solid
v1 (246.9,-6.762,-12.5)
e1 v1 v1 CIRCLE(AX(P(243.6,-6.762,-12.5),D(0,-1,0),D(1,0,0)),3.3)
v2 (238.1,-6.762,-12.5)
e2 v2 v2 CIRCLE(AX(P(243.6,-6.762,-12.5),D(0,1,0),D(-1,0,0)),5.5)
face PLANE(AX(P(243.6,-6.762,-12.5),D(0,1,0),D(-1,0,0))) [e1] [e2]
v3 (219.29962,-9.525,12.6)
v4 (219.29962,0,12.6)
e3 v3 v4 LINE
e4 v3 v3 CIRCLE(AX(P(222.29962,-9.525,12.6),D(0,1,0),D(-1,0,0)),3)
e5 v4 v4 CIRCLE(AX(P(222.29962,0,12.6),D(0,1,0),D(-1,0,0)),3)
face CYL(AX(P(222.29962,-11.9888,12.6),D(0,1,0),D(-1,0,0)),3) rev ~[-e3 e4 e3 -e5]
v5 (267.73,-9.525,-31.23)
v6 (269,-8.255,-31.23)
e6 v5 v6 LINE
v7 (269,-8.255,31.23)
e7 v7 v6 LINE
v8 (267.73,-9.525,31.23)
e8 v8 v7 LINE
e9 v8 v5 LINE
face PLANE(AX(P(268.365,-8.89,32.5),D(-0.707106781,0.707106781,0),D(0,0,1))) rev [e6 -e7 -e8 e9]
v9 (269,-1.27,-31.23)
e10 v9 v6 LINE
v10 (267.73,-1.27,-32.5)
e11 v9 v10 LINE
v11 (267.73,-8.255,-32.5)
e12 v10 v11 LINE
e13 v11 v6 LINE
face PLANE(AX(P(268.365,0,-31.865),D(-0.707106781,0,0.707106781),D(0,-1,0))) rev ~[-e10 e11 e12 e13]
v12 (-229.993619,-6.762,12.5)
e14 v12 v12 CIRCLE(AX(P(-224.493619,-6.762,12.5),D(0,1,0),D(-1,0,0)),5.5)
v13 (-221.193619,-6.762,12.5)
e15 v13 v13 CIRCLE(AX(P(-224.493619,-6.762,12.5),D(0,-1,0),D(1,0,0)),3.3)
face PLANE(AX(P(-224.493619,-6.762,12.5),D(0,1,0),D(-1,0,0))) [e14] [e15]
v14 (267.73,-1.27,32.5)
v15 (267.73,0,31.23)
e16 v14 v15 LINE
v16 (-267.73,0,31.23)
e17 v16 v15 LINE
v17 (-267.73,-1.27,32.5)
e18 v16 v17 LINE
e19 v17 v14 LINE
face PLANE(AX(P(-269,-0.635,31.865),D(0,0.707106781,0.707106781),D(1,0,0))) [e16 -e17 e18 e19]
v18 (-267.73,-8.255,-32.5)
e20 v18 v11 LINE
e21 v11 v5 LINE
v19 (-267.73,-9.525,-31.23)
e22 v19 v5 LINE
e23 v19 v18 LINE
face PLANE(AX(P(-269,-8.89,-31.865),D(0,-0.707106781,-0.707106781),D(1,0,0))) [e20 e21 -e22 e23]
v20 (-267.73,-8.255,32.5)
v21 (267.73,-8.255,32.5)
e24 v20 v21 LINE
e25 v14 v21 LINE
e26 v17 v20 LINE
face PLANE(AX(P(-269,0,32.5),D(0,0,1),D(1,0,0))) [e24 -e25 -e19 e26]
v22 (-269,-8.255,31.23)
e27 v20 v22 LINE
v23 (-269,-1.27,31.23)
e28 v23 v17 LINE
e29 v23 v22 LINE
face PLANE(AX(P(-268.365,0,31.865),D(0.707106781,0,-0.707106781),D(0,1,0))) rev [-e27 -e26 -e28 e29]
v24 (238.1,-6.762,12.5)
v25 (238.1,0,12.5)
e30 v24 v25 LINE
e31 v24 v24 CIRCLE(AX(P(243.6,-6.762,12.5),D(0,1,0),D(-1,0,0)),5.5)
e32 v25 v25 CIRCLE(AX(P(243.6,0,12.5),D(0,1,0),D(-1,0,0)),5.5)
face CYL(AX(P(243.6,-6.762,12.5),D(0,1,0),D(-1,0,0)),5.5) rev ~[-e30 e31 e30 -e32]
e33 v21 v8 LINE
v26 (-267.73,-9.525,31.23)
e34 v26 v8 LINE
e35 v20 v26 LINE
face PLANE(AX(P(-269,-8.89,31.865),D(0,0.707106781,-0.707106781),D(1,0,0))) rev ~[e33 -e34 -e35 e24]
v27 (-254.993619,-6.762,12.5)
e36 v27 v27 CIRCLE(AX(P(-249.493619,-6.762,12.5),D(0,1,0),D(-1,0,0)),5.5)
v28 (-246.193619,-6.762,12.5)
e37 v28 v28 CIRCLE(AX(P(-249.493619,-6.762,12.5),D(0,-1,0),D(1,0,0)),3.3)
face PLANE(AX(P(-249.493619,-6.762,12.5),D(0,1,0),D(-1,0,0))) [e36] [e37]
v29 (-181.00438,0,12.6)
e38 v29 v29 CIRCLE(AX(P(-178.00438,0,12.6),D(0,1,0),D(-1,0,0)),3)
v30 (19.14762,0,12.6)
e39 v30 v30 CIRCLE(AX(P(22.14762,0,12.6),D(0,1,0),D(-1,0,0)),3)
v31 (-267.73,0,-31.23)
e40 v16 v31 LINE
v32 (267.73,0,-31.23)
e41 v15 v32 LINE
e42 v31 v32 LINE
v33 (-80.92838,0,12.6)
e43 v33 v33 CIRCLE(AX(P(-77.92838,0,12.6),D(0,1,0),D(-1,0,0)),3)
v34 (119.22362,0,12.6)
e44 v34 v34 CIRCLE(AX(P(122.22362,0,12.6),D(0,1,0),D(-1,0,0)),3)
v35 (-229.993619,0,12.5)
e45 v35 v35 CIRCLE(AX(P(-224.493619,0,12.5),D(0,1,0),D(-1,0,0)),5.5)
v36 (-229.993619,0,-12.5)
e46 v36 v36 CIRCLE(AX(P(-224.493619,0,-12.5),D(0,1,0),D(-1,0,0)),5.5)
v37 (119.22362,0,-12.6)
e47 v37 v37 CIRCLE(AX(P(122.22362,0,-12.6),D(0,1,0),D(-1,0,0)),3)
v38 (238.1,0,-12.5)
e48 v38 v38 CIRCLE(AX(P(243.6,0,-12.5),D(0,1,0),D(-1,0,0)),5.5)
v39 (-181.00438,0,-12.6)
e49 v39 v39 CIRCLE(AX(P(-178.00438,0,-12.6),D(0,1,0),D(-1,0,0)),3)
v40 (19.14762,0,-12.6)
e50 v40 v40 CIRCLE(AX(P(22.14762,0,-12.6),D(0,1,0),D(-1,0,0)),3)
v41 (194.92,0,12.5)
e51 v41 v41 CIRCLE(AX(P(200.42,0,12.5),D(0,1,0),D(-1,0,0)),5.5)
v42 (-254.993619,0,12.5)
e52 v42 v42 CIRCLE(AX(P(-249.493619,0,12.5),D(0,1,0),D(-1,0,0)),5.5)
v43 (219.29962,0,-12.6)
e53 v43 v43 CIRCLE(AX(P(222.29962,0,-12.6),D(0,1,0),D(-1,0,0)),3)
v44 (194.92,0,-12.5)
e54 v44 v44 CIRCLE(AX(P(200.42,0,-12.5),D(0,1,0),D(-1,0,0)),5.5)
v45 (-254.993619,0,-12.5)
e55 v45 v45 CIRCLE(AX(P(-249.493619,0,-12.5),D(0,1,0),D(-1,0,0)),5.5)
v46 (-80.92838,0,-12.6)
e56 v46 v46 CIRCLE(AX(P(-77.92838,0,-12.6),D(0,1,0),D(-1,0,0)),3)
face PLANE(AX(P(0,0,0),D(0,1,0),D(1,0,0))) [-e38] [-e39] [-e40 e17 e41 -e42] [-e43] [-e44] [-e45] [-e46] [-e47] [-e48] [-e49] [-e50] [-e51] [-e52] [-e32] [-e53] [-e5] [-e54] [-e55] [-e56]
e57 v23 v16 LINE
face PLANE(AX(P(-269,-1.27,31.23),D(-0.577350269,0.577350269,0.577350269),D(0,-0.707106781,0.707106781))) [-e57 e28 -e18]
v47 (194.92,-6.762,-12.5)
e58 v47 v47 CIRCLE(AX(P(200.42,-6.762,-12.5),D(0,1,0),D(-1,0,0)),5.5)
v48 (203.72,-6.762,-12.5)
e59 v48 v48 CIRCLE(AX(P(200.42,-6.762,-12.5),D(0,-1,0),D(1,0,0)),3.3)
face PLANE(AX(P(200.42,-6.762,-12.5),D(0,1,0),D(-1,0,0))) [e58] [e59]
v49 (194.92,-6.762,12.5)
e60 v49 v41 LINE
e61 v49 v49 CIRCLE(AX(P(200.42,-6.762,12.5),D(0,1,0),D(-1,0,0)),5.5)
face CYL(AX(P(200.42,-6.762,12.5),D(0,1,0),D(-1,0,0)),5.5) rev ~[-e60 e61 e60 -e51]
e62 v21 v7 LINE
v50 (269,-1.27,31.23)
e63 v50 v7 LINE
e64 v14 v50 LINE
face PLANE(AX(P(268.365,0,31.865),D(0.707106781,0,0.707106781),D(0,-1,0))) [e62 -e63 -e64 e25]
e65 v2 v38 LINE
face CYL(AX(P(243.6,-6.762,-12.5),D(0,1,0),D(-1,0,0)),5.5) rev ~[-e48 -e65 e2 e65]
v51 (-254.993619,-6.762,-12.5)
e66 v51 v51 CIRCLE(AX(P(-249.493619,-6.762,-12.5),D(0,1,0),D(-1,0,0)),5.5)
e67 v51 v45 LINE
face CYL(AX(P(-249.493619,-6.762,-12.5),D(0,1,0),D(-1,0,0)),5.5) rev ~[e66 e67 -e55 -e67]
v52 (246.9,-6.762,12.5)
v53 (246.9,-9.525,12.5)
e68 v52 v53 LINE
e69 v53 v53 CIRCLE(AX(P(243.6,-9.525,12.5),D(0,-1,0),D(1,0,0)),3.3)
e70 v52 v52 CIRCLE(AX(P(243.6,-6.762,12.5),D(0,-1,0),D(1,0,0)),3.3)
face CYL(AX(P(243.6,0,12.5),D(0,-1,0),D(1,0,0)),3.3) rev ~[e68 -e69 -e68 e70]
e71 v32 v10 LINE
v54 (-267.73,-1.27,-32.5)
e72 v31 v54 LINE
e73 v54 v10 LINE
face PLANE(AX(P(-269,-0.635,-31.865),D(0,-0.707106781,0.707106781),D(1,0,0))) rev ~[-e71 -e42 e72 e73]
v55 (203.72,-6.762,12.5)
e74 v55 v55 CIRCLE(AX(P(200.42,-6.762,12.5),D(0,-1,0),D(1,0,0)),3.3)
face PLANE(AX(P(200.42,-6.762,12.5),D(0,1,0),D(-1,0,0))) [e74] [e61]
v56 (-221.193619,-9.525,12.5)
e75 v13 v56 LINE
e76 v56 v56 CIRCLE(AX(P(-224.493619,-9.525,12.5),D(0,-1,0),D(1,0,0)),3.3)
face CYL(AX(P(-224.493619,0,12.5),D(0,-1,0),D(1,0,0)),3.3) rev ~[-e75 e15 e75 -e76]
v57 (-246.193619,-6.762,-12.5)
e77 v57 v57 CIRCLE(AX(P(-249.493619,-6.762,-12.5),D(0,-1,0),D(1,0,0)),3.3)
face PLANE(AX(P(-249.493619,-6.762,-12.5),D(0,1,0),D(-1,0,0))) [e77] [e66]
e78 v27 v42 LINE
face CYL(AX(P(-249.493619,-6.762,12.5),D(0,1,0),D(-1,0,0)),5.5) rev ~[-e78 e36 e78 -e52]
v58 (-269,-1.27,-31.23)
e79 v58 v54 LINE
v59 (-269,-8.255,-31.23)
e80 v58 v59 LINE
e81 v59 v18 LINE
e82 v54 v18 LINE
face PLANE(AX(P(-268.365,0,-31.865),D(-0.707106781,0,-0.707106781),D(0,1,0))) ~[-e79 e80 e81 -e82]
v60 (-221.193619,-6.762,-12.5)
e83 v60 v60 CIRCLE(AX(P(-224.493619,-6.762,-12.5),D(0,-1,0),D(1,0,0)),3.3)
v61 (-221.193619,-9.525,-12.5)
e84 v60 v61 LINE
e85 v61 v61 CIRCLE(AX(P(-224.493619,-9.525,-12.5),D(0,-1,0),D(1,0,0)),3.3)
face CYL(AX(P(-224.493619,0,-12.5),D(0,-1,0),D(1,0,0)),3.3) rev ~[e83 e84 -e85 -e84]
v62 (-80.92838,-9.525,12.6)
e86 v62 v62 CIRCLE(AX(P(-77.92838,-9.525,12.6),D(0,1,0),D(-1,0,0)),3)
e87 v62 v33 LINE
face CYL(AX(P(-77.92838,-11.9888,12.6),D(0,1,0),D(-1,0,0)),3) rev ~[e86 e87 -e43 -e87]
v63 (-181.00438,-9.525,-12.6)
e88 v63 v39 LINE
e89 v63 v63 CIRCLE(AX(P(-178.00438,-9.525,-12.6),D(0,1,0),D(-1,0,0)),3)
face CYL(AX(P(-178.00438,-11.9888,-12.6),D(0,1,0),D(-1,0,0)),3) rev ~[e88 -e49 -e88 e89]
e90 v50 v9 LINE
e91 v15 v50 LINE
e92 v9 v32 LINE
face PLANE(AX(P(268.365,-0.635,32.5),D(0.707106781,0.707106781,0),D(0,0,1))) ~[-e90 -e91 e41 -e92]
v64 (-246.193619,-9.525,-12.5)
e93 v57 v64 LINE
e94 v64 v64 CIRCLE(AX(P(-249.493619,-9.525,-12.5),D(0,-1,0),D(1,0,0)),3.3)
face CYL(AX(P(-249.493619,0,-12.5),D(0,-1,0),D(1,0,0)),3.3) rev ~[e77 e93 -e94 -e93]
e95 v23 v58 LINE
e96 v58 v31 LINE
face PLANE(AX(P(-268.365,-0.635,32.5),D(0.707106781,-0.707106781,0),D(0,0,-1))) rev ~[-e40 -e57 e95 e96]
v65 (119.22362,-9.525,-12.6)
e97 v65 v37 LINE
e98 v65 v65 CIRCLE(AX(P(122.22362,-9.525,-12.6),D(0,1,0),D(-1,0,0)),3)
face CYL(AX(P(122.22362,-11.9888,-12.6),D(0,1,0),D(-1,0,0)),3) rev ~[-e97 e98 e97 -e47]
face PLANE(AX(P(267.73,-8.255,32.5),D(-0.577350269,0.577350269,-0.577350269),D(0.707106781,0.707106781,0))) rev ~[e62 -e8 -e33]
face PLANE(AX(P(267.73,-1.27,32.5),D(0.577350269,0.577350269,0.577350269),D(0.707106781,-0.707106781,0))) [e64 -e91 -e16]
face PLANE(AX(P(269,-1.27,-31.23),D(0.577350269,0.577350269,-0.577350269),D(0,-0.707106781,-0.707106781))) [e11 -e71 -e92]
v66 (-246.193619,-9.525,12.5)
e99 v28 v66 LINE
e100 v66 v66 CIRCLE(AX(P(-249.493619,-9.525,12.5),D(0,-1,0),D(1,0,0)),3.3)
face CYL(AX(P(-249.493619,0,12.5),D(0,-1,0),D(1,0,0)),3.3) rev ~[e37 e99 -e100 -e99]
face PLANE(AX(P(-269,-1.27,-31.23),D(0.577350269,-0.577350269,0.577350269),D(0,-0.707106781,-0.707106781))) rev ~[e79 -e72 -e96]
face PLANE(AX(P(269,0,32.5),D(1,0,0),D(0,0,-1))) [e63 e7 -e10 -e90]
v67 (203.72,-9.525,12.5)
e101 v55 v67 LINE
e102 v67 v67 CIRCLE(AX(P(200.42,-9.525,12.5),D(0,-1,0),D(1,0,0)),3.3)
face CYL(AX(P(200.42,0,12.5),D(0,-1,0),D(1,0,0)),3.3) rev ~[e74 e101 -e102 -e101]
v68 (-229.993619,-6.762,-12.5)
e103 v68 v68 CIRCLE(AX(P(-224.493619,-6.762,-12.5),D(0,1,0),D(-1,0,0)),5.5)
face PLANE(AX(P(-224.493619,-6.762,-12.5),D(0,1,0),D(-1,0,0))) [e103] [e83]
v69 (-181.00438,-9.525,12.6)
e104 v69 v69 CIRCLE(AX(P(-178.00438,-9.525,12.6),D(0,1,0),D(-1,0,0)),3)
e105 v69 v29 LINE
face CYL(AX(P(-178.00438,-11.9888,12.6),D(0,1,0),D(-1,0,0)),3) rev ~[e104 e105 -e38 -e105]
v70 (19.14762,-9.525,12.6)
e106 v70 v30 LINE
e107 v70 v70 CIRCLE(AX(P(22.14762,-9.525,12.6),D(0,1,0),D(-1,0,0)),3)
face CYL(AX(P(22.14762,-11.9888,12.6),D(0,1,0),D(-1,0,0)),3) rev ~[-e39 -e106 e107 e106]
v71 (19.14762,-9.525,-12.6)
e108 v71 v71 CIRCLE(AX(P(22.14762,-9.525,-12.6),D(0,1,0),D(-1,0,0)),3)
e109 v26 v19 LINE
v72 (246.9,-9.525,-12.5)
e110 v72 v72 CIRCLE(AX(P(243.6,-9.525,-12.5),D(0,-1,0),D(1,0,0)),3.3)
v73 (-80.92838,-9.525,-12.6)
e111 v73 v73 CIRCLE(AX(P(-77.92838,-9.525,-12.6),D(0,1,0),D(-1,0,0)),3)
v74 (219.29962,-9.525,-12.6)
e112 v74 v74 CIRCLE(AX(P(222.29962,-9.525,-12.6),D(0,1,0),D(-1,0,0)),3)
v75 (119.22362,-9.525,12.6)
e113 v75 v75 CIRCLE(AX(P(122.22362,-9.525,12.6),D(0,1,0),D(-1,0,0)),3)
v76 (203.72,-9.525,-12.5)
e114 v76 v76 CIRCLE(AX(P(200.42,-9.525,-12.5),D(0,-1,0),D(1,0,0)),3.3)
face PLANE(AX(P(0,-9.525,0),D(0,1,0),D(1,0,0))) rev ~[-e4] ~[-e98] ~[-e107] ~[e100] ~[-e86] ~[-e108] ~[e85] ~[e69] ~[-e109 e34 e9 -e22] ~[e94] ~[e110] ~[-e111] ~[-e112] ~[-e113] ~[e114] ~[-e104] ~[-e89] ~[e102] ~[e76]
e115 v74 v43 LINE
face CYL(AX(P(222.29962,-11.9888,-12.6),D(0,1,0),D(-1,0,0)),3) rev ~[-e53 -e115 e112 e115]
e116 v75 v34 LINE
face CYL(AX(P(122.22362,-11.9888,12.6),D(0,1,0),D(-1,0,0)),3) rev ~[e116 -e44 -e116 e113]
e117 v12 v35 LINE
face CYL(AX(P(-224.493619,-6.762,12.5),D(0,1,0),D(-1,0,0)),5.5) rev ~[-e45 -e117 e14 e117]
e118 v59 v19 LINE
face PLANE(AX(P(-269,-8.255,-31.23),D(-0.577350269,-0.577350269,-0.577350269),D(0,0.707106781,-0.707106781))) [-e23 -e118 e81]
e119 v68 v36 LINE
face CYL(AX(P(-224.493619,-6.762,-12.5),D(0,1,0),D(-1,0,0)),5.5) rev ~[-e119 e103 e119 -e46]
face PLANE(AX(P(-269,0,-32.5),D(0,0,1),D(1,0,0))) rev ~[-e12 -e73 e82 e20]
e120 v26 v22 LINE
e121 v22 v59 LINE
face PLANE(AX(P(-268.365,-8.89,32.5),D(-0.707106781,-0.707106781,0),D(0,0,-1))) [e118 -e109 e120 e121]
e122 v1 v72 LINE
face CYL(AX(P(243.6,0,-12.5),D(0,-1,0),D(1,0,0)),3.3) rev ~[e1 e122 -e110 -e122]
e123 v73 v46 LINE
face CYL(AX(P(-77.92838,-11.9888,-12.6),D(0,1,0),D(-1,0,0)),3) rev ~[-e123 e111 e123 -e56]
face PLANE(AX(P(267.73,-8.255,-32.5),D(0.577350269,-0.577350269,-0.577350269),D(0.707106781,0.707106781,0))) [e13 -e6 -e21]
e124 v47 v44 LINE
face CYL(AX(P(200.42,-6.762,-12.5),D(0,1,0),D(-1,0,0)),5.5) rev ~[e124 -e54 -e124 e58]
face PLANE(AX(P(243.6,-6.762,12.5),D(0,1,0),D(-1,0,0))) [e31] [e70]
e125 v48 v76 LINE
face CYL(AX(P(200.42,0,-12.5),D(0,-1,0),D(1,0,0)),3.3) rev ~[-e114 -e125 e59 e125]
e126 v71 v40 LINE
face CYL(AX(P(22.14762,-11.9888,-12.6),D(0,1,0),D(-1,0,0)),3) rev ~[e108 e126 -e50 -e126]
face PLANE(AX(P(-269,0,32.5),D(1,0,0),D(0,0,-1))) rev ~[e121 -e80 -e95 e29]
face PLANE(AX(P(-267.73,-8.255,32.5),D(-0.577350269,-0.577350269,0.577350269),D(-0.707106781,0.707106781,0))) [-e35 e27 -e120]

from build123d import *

# Parameters (mm, degrees)
SKETCH1_W                       = 538
SKETCH1_H                       = 65
EXTRUDE1_DEPTH                  = 9.525
M6X1_0_TAPPED_HOLE1_D           = 5
M6X1_0_TAPPED_HOLE1_DEPTH       = 16.9926
M6X1_0_TAPPED_HOLE1_CBORE_D     = 6
M6X1_0_TAPPED_HOLE1_CBORE_DEPTH = 11.9888
M6X1_0_TAPPED_HOLE1_TIP         = 1.502151548
CBORE_FOR_M6_SHCS1_D            = 6.6
CBORE_FOR_M6_SHCS1_CBORE_D      = 11
CBORE_FOR_M6_SHCS1_CBORE_DEPTH  = 6.762
CHAMFER1_SIZE                   = 1.27


with BuildPart() as part:
    # Sketch1 → Extrude1 (new body)
    with BuildSketch(Plane(origin=(0, 0, 0), x_dir=(1, 0, 0), z_dir=(0, 1, 0))):
        Rectangle(SKETCH1_W, SKETCH1_H)
    extrude(amount=-EXTRUDE1_DEPTH)

    # M6x1.0 Tapped Hole1
    with Locations(Plane(origin=(0, 0, 0), x_dir=(-1, 0, 0), z_dir=(0, 1, 0))):
        with Locations((178.004380433, 12.6), (178.004380433, -12.6), (77.928380433, 12.6), (77.928380433, -12.6), (-22.147619567, 12.6), (-22.147619567, -12.6), (-122.223619567, 12.6), (-122.223619567, -12.6), (-222.299619567, 12.6), (-222.299619567, -12.6)):
            CounterBoreHole(M6X1_0_TAPPED_HOLE1_D / 2, M6X1_0_TAPPED_HOLE1_CBORE_D / 2, M6X1_0_TAPPED_HOLE1_CBORE_DEPTH, depth=M6X1_0_TAPPED_HOLE1_DEPTH)
            with Locations((0, 0, -(M6X1_0_TAPPED_HOLE1_DEPTH + M6X1_0_TAPPED_HOLE1_TIP / 2))):  # 118° drill point
                Cone(0, M6X1_0_TAPPED_HOLE1_D / 2, M6X1_0_TAPPED_HOLE1_TIP, mode=Mode.SUBTRACT)

    # CBORE for M6 SHCS1 (through all)
    with Locations(Plane(origin=(0, 0, 0), x_dir=(-1, 0, 0), z_dir=(0, 1, 0))):
        with Locations((249.493618693, 12.5), (224.493618693, 12.5), (224.493618693, -12.5), (249.493618693, -12.5), (-243.6, 12.5), (-200.42, 12.5), (-243.6, -12.5), (-200.42, -12.5)):
            CounterBoreHole(CBORE_FOR_M6_SHCS1_D / 2, CBORE_FOR_M6_SHCS1_CBORE_D / 2, CBORE_FOR_M6_SHCS1_CBORE_DEPTH)

    # Chamfer1
    chamfer1_edges = [part.edges().sort_by_distance(p)[0] for p in [
        (269, -9.525, 0),
        (0, -9.525, -32.5),
        (-269, -9.525, 0),
        (0, 0, -32.5),
        (269, 0, 0),
        (0, 0, 32.5),
        (-269, 0, 0),
        (0, -9.525, 32.5),
        (-269, -4.7625, -32.5),
        (269, -4.7625, -32.5),
        (269, -4.7625, 32.5),
        (-269, -4.7625, 32.5),
    ]]
    chamfer(chamfer1_edges, length=CHAMFER1_SIZE)


solid = part.part
